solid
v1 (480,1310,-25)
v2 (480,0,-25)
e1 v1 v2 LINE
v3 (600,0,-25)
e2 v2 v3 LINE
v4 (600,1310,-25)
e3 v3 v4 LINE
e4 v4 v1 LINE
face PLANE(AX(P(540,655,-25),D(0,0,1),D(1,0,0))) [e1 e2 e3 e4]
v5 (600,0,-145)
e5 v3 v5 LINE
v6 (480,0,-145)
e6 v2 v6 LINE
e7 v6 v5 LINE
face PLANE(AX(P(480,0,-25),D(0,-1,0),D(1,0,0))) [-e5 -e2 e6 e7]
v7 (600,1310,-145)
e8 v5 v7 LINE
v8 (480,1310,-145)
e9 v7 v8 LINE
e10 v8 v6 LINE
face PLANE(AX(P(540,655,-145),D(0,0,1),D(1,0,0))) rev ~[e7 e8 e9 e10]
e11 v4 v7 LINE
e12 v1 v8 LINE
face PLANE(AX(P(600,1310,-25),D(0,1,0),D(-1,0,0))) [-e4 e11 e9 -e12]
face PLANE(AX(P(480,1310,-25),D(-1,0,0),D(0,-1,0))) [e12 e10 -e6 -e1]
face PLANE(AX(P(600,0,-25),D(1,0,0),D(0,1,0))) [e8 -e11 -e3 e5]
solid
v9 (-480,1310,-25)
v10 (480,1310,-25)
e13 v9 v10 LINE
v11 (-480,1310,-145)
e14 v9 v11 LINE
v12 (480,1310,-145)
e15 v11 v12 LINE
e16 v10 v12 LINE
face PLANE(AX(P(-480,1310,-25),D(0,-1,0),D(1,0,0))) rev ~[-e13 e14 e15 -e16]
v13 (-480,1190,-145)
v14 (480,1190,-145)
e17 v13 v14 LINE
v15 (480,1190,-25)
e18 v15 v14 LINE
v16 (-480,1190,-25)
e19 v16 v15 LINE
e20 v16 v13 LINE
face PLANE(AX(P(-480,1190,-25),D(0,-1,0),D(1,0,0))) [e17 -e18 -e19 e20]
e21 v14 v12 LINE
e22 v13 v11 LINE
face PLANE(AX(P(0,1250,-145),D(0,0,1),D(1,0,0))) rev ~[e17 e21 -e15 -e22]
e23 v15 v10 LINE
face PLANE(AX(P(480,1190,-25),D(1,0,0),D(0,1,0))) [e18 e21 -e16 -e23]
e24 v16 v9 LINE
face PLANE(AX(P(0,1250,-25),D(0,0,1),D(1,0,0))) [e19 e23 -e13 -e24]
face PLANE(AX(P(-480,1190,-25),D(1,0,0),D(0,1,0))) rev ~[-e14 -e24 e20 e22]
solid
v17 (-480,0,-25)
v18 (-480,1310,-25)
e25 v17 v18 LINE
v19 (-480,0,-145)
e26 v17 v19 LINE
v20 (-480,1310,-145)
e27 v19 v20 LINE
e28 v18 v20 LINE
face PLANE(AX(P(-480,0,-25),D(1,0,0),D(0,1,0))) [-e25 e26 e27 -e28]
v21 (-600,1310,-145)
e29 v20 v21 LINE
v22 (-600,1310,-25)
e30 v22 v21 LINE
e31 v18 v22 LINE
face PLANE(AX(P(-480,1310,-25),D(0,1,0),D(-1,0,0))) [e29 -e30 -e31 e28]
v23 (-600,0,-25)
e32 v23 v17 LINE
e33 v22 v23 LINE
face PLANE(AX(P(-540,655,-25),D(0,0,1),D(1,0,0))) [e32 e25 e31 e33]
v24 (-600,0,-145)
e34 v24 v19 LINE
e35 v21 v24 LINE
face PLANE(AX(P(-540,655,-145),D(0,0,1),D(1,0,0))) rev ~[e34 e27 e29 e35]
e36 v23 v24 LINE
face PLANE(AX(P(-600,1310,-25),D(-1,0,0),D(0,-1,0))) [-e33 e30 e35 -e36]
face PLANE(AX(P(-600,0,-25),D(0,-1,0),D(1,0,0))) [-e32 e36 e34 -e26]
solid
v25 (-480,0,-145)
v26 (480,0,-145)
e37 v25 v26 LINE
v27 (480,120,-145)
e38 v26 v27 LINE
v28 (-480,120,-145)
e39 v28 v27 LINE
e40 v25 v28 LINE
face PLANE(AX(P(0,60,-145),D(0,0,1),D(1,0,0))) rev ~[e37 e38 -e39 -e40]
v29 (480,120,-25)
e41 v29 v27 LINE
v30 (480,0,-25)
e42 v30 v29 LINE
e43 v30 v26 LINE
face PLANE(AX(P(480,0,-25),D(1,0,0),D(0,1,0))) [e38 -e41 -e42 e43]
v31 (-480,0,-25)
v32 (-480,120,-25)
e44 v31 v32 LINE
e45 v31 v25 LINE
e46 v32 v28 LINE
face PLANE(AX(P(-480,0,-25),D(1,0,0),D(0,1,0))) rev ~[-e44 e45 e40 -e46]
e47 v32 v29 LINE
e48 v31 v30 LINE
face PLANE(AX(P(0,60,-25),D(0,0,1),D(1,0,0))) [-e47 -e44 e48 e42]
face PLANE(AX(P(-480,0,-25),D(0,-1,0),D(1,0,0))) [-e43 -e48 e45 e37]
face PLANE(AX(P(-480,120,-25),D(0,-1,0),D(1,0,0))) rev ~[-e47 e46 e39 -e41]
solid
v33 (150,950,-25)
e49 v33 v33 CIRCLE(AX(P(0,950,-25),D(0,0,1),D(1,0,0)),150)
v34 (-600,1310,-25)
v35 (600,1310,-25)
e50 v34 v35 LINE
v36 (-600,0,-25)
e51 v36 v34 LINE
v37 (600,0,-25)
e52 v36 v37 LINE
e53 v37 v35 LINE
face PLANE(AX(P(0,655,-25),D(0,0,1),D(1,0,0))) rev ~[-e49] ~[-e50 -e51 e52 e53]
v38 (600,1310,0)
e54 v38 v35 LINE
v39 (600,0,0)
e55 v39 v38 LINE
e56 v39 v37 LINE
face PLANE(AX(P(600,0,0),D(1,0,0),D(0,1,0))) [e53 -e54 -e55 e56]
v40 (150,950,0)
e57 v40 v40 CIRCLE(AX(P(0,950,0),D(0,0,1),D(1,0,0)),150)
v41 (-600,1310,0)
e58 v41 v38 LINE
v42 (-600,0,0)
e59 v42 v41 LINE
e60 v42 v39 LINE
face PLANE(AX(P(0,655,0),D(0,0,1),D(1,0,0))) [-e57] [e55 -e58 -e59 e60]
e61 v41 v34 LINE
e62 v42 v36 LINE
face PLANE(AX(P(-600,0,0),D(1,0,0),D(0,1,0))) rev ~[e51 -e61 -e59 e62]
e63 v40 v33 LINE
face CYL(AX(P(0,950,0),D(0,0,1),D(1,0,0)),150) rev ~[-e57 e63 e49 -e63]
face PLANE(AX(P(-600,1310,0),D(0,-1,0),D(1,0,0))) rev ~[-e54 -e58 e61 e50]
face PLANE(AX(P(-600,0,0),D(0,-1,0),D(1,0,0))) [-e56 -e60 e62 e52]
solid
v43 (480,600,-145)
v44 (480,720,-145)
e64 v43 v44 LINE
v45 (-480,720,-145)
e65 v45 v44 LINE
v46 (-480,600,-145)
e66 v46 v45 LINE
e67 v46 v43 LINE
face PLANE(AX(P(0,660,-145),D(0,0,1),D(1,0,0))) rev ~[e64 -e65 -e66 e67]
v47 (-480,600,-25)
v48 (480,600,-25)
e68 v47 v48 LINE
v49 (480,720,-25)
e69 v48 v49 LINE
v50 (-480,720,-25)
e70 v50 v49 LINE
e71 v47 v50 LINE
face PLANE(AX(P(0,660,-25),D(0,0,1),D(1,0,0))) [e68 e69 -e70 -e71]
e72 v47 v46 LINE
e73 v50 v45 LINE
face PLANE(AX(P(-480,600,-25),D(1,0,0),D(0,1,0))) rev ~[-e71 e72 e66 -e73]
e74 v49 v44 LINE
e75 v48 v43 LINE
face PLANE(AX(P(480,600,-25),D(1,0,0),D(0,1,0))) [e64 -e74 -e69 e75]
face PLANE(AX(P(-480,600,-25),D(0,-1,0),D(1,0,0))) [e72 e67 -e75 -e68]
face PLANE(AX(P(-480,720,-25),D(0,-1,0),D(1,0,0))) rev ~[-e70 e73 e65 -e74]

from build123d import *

# Parameters (mm, degrees)
F0_W     = 1200
F0_H     = 1310
F0_R     = 150
F1_DEPTH = 25
F3_W     = 960
F3_H     = 120
F4_DEPTH = 120
F5_DEPTH = 120
F6_DEPTH = 120


with BuildPart() as f1:
    # F0 (on Top) → F1 (new body)
    with BuildSketch(Plane.XY):
        with Locations((0, 655)):
            Rectangle(F0_W, F0_H)
        with Locations((0, 950)):
            Circle(F0_R, mode=Mode.SUBTRACT)
    extrude(amount=-F1_DEPTH)


with BuildPart() as f4:
    # F3 (on offset) → F4 (new body)
    with BuildSketch(Plane.XY.offset(-25)):
        with Locations((0, 1250)):
            Rectangle(F3_W, F3_H)
        with Locations((0, 60)):
            Rectangle(F3_W, F3_H)
    extrude(amount=-F4_DEPTH)


with BuildPart() as f5:
    # F3 (on offset) → F5 (new body)
    with BuildSketch(Plane.XY.offset(-25)):
        Polygon((-480, 1190), (-480, 1310), (-600, 1310), (-600, 1190), (-600, 120), (-600, 0), (-480, 0), (-480, 120), (-480, 600), (-480, 720), align=None)
        Polygon((600, 1190), (600, 1310), (480, 1310), (480, 1190), (480, 720), (480, 600), (480, 120), (480, 0), (600, 0), (600, 120), align=None)
    extrude(amount=-F5_DEPTH)


with BuildPart() as f6:
    # F3 (on offset) → F6 (new body)
    with BuildSketch(Plane.XY.offset(-25)):
        with Locations((0, 660)):
            Rectangle(F3_W, F3_H)
    extrude(amount=-F6_DEPTH)


solid = Compound([f1.part, f4.part, f5.part, f6.part])
